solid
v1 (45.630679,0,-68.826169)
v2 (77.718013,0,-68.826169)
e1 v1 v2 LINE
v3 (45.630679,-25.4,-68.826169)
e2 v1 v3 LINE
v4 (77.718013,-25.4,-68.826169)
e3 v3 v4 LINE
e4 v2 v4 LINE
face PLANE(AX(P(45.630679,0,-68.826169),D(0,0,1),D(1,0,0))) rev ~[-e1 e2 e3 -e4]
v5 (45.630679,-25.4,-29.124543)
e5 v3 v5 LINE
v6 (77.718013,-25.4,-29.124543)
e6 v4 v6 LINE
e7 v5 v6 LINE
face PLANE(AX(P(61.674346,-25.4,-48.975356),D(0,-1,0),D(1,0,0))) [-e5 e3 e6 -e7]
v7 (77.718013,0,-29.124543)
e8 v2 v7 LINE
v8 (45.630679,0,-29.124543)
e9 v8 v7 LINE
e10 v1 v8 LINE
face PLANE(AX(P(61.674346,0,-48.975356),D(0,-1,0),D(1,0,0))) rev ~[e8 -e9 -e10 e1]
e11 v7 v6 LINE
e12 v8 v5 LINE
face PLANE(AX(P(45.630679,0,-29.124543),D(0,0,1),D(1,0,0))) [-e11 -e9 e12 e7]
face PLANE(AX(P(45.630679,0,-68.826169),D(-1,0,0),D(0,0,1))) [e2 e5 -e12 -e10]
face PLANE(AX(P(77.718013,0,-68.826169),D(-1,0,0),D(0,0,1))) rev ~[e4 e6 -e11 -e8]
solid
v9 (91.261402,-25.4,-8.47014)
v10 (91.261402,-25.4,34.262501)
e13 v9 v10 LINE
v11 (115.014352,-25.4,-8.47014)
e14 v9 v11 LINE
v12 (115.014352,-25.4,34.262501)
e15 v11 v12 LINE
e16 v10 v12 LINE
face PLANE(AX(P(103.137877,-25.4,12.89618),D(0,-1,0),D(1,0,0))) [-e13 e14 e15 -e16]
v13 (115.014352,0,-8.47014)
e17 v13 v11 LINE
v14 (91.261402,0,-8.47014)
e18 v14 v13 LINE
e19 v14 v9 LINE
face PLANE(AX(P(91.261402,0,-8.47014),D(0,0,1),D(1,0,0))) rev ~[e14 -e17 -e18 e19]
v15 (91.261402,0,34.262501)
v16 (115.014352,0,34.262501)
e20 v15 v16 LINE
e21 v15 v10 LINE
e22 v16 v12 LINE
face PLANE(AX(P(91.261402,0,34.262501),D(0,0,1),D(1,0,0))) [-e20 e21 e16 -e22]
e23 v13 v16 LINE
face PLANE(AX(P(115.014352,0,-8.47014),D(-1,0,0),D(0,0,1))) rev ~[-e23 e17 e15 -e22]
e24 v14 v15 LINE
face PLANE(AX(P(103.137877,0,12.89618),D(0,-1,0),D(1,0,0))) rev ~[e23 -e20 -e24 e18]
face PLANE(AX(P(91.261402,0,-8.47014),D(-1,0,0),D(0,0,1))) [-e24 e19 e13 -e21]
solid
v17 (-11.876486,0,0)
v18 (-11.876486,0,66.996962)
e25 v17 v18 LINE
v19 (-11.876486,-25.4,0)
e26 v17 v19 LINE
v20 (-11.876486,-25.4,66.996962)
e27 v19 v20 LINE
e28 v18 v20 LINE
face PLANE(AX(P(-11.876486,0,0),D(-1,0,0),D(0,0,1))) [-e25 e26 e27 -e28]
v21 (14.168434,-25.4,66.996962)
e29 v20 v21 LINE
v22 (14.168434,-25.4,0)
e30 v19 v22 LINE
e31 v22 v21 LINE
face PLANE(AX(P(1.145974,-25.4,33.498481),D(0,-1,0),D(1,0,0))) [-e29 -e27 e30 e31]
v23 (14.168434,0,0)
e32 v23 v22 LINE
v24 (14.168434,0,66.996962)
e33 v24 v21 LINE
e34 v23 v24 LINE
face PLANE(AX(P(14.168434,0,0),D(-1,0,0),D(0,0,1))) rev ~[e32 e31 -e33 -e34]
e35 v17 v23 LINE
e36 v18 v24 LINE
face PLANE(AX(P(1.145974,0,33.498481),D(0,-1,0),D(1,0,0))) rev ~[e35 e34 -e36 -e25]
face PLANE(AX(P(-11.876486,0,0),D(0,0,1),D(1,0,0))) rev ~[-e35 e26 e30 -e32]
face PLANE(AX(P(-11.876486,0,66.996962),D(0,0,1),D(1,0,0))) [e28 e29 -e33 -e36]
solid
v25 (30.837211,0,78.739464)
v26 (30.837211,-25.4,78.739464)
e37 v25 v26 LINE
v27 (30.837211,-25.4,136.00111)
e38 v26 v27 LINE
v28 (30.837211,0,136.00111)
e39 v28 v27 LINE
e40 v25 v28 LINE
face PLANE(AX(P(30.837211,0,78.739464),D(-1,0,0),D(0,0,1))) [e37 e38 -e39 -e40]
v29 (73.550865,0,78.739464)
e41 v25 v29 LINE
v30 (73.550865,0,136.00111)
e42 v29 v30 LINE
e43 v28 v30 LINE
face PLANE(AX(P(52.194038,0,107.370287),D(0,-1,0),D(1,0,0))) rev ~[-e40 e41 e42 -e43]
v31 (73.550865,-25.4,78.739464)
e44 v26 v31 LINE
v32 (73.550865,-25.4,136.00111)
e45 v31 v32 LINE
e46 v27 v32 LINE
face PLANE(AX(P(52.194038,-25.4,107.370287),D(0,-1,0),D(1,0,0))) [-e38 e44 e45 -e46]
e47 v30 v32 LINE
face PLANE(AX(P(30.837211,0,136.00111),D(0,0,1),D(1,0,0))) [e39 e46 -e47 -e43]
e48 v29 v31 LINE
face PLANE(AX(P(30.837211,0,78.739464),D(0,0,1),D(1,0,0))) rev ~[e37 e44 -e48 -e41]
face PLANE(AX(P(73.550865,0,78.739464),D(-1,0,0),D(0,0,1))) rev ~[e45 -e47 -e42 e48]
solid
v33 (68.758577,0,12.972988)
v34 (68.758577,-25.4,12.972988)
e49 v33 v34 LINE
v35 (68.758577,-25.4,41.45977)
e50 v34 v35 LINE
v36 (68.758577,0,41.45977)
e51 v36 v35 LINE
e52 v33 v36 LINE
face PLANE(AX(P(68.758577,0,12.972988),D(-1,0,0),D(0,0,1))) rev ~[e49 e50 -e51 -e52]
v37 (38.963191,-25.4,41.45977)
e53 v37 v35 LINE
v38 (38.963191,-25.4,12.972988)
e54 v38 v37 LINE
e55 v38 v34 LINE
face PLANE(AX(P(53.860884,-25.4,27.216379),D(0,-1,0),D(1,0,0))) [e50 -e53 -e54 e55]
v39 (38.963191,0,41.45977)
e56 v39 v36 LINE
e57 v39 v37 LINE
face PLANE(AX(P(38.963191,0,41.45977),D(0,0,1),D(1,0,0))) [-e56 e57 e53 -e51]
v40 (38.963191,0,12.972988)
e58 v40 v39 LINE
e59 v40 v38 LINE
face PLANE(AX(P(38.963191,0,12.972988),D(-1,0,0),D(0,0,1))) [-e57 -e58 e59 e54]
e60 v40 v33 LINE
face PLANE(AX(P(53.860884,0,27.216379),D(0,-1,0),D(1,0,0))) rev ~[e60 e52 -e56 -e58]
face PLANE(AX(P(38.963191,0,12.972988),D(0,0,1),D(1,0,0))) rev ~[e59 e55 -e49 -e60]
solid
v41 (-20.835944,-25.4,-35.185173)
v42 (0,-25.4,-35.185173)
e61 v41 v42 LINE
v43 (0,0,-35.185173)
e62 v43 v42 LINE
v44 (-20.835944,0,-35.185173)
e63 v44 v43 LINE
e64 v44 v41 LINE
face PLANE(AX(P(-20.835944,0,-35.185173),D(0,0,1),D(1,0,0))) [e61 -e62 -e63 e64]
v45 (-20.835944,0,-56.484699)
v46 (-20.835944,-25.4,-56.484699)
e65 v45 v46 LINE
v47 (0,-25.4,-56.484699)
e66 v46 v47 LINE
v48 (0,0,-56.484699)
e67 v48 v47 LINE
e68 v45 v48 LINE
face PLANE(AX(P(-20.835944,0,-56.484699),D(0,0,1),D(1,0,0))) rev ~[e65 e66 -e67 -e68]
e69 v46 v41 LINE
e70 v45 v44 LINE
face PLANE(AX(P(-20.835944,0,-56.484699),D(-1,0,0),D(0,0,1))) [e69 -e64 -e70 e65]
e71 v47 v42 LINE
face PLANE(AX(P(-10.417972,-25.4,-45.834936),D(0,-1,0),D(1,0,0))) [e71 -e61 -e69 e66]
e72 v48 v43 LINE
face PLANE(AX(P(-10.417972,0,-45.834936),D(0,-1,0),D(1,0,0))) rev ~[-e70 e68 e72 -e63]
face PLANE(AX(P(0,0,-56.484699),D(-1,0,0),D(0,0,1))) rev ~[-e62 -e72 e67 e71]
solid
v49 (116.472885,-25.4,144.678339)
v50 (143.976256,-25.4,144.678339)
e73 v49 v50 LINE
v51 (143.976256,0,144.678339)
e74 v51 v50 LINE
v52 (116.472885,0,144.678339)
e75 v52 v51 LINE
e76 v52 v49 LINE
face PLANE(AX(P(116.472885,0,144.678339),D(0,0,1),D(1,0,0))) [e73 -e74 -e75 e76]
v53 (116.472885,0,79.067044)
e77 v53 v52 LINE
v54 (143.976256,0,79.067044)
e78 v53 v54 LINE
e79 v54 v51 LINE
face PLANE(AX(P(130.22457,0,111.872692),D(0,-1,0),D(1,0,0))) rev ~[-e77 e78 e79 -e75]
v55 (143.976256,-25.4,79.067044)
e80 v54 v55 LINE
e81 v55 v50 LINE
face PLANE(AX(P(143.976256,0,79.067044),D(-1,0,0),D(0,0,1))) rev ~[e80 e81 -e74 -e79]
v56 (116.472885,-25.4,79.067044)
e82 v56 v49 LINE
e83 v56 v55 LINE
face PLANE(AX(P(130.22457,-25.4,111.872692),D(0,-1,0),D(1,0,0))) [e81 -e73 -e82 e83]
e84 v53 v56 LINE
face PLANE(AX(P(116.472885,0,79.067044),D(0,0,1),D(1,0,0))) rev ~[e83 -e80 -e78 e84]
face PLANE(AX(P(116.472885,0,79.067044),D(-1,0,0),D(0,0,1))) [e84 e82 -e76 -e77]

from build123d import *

# Parameters (mm, degrees)
F0_W     = 42.713653
F0_H     = 57.261646
F0_W_2   = 27.503371
F0_H_2   = 65.611295
F0_W_3   = 23.75295
F0_H_3   = 42.732641
F0_W_4   = 32.087333
F0_H_4   = 39.701626
F0_W_5   = 29.795386
F0_H_5   = 28.486781
F0_W_6   = 26.04492
F0_H_6   = 66.996962
F0_W_7   = 20.835944
F0_H_7   = 21.299526
F1_DEPTH = 25.4


with BuildPart() as f1:
    # F0 (on Front) → F1 (new body)
    with BuildSketch(Plane.XZ):
        with Locations((52.194038, 107.370287)):
            Rectangle(F0_W, F0_H)
        with Locations((130.22457, 111.872692)):
            Rectangle(F0_W_2, F0_H_2)
        with Locations((103.137877, 12.89618)):
            Rectangle(F0_W_3, F0_H_3)
        with Locations((61.674346, -48.975356)):
            Rectangle(F0_W_4, F0_H_4)
        with Locations((53.860884, 27.216379)):
            Rectangle(F0_W_5, F0_H_5)
        with Locations((1.145974, 33.498481)):
            Rectangle(F0_W_6, F0_H_6)
        with Locations((-10.417972, -45.834936)):
            Rectangle(F0_W_7, F0_H_7)
    extrude(amount=F1_DEPTH)


solid = f1.part
